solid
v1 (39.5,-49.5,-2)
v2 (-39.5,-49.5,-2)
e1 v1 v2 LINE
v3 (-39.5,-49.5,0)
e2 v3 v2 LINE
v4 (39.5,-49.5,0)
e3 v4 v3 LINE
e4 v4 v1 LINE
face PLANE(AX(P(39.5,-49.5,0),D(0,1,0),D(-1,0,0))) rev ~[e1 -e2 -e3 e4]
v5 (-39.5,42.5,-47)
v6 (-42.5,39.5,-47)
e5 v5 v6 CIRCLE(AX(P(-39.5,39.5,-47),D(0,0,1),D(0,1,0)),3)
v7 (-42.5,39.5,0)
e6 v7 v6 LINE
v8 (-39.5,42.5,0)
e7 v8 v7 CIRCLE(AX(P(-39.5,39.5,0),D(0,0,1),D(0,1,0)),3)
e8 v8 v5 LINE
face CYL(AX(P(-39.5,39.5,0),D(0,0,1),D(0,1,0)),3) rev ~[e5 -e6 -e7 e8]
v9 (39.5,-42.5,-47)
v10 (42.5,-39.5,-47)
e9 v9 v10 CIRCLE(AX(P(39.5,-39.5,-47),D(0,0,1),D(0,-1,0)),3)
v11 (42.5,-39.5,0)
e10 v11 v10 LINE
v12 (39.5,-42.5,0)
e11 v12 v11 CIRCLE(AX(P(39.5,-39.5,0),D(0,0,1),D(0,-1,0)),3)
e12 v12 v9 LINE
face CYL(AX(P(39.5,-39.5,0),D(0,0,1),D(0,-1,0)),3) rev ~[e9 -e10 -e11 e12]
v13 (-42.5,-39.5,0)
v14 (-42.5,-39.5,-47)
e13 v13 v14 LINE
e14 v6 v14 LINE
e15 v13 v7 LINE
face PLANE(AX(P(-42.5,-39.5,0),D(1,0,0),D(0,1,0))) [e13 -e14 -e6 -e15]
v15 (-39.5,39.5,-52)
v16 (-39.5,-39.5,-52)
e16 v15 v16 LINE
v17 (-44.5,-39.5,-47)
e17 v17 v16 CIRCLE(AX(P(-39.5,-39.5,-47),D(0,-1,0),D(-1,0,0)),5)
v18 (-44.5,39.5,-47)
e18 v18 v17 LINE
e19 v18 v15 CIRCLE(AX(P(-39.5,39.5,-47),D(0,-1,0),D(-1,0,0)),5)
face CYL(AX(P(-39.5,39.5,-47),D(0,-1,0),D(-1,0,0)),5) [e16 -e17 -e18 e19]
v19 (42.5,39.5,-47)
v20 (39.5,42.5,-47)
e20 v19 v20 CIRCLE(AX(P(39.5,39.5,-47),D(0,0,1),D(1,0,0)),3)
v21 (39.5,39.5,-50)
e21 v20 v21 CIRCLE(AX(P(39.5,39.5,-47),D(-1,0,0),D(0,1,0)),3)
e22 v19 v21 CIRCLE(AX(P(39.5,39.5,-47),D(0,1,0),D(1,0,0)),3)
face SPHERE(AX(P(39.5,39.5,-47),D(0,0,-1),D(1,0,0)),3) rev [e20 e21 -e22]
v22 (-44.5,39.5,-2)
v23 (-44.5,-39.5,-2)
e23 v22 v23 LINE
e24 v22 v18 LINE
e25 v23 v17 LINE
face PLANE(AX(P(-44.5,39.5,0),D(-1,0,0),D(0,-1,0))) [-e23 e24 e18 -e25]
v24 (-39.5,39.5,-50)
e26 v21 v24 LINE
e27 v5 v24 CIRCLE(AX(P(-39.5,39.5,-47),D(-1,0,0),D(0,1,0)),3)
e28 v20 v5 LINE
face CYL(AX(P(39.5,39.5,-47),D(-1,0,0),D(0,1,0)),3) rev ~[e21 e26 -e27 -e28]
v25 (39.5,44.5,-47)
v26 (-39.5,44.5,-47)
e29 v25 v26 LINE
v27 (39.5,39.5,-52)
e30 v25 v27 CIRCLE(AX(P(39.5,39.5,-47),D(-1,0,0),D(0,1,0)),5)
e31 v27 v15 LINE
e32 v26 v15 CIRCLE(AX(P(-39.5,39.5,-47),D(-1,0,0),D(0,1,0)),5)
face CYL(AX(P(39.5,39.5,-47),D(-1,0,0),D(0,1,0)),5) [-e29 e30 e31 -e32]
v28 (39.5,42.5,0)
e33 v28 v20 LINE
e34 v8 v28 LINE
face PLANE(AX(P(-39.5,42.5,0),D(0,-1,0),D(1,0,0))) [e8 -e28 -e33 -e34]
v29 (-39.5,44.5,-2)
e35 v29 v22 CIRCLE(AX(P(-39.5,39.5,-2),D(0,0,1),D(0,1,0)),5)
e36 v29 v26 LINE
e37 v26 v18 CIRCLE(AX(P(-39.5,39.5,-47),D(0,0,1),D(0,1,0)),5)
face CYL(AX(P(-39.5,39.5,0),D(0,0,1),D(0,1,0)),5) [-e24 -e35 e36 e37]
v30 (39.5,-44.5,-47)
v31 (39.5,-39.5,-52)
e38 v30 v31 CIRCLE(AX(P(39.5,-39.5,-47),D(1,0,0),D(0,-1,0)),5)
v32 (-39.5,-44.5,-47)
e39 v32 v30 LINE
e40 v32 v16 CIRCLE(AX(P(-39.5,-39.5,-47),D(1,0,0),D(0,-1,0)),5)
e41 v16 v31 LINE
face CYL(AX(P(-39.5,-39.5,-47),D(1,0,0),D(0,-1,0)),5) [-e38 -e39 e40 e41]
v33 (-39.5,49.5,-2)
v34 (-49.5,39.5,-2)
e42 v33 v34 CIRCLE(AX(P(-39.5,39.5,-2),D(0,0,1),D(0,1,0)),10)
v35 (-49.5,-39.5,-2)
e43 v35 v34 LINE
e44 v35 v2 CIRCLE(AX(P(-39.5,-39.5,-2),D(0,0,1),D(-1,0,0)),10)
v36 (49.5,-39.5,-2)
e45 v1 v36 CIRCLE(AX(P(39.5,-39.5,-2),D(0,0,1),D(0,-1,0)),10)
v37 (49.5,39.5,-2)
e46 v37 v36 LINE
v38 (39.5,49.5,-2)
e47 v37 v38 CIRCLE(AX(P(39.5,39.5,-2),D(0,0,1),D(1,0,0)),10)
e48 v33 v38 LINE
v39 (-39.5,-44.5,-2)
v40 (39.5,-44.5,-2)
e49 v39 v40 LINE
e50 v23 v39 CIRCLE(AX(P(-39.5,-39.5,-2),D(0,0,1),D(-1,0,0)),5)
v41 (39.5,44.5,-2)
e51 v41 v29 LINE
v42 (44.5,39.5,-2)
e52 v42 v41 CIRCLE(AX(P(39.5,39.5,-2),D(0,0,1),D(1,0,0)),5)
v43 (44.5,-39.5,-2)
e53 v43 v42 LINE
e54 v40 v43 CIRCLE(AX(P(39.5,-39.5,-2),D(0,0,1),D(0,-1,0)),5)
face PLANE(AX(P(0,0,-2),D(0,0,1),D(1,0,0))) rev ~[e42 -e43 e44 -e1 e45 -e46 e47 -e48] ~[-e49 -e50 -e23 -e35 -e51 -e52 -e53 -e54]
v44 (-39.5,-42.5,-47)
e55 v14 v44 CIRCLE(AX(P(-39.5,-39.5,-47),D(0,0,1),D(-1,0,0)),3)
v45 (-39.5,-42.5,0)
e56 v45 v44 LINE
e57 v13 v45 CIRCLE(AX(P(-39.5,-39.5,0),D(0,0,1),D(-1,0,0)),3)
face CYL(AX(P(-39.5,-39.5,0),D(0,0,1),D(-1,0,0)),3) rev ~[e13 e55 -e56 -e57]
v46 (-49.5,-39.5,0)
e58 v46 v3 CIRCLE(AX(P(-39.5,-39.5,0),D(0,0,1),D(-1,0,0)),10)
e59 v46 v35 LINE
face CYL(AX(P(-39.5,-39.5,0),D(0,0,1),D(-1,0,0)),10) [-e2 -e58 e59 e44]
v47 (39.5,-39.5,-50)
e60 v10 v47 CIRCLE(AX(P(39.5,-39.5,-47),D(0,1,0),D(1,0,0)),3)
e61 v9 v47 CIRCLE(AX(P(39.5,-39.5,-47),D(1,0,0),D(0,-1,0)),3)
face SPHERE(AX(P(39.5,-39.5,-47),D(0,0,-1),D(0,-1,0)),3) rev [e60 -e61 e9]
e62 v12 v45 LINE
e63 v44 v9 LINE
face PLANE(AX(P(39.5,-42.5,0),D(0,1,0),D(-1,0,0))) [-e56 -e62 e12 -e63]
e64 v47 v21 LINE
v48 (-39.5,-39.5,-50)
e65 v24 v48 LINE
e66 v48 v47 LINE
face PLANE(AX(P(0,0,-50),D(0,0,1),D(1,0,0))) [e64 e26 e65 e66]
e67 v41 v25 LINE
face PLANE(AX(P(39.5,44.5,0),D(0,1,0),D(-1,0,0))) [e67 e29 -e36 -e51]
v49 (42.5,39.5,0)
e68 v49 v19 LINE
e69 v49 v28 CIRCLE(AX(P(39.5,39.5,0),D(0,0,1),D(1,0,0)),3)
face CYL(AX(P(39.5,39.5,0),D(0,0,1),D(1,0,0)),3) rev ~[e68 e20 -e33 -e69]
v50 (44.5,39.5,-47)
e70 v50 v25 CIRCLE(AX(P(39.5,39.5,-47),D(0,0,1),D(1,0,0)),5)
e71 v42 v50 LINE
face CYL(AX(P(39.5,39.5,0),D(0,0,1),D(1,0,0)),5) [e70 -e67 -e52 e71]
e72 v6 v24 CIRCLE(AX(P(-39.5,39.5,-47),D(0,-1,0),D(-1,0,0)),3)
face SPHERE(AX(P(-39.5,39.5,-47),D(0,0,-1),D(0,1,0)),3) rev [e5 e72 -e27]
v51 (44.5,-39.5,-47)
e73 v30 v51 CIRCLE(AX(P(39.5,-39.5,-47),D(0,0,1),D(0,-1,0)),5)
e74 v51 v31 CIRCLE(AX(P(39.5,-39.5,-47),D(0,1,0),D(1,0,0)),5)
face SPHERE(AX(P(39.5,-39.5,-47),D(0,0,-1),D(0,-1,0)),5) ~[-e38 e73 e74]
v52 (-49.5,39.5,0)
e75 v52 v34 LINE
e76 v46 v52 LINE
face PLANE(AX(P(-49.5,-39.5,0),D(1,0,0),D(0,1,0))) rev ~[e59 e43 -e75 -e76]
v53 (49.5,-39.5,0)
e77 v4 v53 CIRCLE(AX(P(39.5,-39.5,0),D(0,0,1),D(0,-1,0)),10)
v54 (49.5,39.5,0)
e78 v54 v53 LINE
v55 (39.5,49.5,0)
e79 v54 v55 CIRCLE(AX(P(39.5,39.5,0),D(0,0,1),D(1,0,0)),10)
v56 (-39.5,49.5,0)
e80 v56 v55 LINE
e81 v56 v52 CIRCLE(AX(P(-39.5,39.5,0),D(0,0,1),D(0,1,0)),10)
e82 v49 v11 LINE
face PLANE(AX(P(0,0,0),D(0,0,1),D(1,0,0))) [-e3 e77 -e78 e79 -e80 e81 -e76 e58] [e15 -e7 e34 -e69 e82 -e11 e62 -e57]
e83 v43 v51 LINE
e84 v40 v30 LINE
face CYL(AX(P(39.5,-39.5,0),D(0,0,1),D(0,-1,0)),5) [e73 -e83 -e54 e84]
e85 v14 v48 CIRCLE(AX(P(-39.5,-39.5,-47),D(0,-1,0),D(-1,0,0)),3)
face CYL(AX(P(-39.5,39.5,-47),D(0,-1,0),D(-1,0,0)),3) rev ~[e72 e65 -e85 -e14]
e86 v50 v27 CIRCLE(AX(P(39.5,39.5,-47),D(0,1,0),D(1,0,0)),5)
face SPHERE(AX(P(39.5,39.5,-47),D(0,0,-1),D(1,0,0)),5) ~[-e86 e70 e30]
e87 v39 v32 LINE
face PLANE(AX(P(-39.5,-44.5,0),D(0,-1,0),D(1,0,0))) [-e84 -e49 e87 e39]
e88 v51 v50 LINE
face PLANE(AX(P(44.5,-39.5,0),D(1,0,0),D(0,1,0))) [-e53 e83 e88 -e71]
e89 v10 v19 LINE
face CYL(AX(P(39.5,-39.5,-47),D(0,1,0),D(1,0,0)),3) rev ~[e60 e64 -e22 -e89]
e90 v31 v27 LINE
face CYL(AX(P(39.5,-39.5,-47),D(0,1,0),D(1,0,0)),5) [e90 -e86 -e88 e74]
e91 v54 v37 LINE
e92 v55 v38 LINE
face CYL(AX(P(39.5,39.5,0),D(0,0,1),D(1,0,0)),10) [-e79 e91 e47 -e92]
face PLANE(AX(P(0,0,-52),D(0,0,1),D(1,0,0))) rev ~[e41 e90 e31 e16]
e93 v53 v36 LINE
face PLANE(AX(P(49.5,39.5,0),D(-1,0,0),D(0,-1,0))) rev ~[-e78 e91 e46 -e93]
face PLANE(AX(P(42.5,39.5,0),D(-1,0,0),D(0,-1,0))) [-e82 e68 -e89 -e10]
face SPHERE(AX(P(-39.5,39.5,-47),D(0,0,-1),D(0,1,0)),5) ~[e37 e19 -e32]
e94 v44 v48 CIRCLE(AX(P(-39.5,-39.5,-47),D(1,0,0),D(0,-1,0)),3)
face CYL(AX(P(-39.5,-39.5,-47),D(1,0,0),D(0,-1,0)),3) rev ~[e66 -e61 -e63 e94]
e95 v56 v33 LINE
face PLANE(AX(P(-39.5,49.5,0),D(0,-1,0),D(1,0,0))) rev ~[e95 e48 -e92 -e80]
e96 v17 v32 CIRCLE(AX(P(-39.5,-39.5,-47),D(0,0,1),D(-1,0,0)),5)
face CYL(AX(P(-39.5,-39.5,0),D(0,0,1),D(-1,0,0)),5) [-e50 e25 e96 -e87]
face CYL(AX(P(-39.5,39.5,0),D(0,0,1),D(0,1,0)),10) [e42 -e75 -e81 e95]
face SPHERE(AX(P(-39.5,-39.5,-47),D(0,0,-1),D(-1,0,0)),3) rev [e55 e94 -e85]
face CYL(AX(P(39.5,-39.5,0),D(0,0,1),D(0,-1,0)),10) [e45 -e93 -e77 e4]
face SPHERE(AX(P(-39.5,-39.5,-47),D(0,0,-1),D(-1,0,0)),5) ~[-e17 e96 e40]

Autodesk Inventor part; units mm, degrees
ref_plane "YZ Plane" through (0, 0, 0) normal (1, 0, 0) x (0, 1, 0)
ref_plane "XZ Plane" through (0, 0, 0) normal (0, 1, 0) x (-1, 0, 0)
ref_plane "XY Plane" through (0, 0, 0) normal (0, 0, 1) x (1, 0, 0)
sketch "Sketch1" plane through (0, 0, 0) normal (0, 0, 1) x (1, 0, 0)
  line L0 (-39.5, -44.5) -> (39.5, -44.5)
  line L1 (44.5, -39.5) -> (44.5, 39.5)
  line L2 (39.5, 44.5) -> (-39.5, 44.5)
  line L3 (-44.5, 39.5) -> (-44.5, -39.5)
  line L4 (-44.5, -44.5) -> (44.5, 44.5) construction
  line L5 (44.5, -44.5) -> (-44.5, 44.5) construction
  arc A0 (-39.5, 44.5) -> (-44.5, 39.5) centre (-39.5, 39.5) ccw
  arc A1 (44.5, 39.5) -> (39.5, 44.5) centre (39.5, 39.5) ccw
  arc A2 (39.5, -44.5) -> (44.5, -39.5) centre (39.5, -39.5) ccw
  arc A3 (-44.5, -39.5) -> (-39.5, -44.5) centre (-39.5, -39.5) ccw
  line L6 (-39.5, 42.5) -> (39.5, 42.5)
  arc A4 (42.5, 39.5) -> (39.5, 42.5) centre (39.5, 39.5) ccw
  line L7 (42.5, 39.5) -> (42.5, -39.5)
  arc A5 (39.5, -42.5) -> (42.5, -39.5) centre (39.5, -39.5) ccw
  line L8 (39.5, -42.5) -> (-39.5, -42.5)
  arc A6 (-42.5, -39.5) -> (-39.5, -42.5) centre (-39.5, -39.5) ccw
  line L9 (-42.5, -39.5) -> (-42.5, 39.5)
  arc A7 (-39.5, 42.5) -> (-42.5, 39.5) centre (-39.5, 39.5) ccw
  line L10 (-49.5, -39.5) -> (-49.5, 39.5)
  arc A8 (-39.5, 49.5) -> (-49.5, 39.5) centre (-39.5, 39.5) ccw
  line L11 (-39.5, 49.5) -> (39.5, 49.5)
  arc A9 (49.5, 39.5) -> (39.5, 49.5) centre (39.5, 39.5) ccw
  line L12 (49.5, 39.5) -> (49.5, -39.5)
  arc A10 (39.5, -49.5) -> (49.5, -39.5) centre (39.5, -39.5) ccw
  line L13 (39.5, -49.5) -> (-39.5, -49.5)
  arc A11 (-49.5, -39.5) -> (-39.5, -49.5) centre (-39.5, -39.5) ccw
  point P0 (0, 0)
  dimension "d0" = 89
  dimension "d1" = 89
  dimension "d2" = 5
  dimension "d3" = 2
  dimension "d4" = 5
extrude "Extrusion1" add sketch "Sketch1" against normal blind 52 contours A3 L3 A0 L2 A1 L1 A2 L0 | L6 A4 L7 A5 L8 A6 L9 A7
extrude "Extrusion2" cut sketch "Sketch1" against normal blind 50 contours L6 A4 L7 A5 L8 A6 L9 A7
extrude "Extrusion3" add sketch "Sketch1" against normal blind 2 contours L10 A8 L11 A9 L12 A10 L13 A11
fillet "Fillet1" radius 5 8 edges at (43.0355, 43.0355, -52) (44.5, 0, -52) (43.0355, -43.0355, -52) (0, -44.5, -52) (-43.0355, -43.0355, -52) (-44.5, 0, -52) (-43.0355, 43.0355, -52) (0, 44.5, -52)
fillet "Fillet2" radius 3 8 edges at (-41.6213, -41.6213, -50) (-42.5, 0, -50) (-41.6213, 41.6213, -50) (0, 42.5, -50) (41.6213, 41.6213, -50) (42.5, 0, -50) (41.6213, -41.6213, -50) (0, -42.5, -50)
properties part number "base" material "ABS Plastic"
